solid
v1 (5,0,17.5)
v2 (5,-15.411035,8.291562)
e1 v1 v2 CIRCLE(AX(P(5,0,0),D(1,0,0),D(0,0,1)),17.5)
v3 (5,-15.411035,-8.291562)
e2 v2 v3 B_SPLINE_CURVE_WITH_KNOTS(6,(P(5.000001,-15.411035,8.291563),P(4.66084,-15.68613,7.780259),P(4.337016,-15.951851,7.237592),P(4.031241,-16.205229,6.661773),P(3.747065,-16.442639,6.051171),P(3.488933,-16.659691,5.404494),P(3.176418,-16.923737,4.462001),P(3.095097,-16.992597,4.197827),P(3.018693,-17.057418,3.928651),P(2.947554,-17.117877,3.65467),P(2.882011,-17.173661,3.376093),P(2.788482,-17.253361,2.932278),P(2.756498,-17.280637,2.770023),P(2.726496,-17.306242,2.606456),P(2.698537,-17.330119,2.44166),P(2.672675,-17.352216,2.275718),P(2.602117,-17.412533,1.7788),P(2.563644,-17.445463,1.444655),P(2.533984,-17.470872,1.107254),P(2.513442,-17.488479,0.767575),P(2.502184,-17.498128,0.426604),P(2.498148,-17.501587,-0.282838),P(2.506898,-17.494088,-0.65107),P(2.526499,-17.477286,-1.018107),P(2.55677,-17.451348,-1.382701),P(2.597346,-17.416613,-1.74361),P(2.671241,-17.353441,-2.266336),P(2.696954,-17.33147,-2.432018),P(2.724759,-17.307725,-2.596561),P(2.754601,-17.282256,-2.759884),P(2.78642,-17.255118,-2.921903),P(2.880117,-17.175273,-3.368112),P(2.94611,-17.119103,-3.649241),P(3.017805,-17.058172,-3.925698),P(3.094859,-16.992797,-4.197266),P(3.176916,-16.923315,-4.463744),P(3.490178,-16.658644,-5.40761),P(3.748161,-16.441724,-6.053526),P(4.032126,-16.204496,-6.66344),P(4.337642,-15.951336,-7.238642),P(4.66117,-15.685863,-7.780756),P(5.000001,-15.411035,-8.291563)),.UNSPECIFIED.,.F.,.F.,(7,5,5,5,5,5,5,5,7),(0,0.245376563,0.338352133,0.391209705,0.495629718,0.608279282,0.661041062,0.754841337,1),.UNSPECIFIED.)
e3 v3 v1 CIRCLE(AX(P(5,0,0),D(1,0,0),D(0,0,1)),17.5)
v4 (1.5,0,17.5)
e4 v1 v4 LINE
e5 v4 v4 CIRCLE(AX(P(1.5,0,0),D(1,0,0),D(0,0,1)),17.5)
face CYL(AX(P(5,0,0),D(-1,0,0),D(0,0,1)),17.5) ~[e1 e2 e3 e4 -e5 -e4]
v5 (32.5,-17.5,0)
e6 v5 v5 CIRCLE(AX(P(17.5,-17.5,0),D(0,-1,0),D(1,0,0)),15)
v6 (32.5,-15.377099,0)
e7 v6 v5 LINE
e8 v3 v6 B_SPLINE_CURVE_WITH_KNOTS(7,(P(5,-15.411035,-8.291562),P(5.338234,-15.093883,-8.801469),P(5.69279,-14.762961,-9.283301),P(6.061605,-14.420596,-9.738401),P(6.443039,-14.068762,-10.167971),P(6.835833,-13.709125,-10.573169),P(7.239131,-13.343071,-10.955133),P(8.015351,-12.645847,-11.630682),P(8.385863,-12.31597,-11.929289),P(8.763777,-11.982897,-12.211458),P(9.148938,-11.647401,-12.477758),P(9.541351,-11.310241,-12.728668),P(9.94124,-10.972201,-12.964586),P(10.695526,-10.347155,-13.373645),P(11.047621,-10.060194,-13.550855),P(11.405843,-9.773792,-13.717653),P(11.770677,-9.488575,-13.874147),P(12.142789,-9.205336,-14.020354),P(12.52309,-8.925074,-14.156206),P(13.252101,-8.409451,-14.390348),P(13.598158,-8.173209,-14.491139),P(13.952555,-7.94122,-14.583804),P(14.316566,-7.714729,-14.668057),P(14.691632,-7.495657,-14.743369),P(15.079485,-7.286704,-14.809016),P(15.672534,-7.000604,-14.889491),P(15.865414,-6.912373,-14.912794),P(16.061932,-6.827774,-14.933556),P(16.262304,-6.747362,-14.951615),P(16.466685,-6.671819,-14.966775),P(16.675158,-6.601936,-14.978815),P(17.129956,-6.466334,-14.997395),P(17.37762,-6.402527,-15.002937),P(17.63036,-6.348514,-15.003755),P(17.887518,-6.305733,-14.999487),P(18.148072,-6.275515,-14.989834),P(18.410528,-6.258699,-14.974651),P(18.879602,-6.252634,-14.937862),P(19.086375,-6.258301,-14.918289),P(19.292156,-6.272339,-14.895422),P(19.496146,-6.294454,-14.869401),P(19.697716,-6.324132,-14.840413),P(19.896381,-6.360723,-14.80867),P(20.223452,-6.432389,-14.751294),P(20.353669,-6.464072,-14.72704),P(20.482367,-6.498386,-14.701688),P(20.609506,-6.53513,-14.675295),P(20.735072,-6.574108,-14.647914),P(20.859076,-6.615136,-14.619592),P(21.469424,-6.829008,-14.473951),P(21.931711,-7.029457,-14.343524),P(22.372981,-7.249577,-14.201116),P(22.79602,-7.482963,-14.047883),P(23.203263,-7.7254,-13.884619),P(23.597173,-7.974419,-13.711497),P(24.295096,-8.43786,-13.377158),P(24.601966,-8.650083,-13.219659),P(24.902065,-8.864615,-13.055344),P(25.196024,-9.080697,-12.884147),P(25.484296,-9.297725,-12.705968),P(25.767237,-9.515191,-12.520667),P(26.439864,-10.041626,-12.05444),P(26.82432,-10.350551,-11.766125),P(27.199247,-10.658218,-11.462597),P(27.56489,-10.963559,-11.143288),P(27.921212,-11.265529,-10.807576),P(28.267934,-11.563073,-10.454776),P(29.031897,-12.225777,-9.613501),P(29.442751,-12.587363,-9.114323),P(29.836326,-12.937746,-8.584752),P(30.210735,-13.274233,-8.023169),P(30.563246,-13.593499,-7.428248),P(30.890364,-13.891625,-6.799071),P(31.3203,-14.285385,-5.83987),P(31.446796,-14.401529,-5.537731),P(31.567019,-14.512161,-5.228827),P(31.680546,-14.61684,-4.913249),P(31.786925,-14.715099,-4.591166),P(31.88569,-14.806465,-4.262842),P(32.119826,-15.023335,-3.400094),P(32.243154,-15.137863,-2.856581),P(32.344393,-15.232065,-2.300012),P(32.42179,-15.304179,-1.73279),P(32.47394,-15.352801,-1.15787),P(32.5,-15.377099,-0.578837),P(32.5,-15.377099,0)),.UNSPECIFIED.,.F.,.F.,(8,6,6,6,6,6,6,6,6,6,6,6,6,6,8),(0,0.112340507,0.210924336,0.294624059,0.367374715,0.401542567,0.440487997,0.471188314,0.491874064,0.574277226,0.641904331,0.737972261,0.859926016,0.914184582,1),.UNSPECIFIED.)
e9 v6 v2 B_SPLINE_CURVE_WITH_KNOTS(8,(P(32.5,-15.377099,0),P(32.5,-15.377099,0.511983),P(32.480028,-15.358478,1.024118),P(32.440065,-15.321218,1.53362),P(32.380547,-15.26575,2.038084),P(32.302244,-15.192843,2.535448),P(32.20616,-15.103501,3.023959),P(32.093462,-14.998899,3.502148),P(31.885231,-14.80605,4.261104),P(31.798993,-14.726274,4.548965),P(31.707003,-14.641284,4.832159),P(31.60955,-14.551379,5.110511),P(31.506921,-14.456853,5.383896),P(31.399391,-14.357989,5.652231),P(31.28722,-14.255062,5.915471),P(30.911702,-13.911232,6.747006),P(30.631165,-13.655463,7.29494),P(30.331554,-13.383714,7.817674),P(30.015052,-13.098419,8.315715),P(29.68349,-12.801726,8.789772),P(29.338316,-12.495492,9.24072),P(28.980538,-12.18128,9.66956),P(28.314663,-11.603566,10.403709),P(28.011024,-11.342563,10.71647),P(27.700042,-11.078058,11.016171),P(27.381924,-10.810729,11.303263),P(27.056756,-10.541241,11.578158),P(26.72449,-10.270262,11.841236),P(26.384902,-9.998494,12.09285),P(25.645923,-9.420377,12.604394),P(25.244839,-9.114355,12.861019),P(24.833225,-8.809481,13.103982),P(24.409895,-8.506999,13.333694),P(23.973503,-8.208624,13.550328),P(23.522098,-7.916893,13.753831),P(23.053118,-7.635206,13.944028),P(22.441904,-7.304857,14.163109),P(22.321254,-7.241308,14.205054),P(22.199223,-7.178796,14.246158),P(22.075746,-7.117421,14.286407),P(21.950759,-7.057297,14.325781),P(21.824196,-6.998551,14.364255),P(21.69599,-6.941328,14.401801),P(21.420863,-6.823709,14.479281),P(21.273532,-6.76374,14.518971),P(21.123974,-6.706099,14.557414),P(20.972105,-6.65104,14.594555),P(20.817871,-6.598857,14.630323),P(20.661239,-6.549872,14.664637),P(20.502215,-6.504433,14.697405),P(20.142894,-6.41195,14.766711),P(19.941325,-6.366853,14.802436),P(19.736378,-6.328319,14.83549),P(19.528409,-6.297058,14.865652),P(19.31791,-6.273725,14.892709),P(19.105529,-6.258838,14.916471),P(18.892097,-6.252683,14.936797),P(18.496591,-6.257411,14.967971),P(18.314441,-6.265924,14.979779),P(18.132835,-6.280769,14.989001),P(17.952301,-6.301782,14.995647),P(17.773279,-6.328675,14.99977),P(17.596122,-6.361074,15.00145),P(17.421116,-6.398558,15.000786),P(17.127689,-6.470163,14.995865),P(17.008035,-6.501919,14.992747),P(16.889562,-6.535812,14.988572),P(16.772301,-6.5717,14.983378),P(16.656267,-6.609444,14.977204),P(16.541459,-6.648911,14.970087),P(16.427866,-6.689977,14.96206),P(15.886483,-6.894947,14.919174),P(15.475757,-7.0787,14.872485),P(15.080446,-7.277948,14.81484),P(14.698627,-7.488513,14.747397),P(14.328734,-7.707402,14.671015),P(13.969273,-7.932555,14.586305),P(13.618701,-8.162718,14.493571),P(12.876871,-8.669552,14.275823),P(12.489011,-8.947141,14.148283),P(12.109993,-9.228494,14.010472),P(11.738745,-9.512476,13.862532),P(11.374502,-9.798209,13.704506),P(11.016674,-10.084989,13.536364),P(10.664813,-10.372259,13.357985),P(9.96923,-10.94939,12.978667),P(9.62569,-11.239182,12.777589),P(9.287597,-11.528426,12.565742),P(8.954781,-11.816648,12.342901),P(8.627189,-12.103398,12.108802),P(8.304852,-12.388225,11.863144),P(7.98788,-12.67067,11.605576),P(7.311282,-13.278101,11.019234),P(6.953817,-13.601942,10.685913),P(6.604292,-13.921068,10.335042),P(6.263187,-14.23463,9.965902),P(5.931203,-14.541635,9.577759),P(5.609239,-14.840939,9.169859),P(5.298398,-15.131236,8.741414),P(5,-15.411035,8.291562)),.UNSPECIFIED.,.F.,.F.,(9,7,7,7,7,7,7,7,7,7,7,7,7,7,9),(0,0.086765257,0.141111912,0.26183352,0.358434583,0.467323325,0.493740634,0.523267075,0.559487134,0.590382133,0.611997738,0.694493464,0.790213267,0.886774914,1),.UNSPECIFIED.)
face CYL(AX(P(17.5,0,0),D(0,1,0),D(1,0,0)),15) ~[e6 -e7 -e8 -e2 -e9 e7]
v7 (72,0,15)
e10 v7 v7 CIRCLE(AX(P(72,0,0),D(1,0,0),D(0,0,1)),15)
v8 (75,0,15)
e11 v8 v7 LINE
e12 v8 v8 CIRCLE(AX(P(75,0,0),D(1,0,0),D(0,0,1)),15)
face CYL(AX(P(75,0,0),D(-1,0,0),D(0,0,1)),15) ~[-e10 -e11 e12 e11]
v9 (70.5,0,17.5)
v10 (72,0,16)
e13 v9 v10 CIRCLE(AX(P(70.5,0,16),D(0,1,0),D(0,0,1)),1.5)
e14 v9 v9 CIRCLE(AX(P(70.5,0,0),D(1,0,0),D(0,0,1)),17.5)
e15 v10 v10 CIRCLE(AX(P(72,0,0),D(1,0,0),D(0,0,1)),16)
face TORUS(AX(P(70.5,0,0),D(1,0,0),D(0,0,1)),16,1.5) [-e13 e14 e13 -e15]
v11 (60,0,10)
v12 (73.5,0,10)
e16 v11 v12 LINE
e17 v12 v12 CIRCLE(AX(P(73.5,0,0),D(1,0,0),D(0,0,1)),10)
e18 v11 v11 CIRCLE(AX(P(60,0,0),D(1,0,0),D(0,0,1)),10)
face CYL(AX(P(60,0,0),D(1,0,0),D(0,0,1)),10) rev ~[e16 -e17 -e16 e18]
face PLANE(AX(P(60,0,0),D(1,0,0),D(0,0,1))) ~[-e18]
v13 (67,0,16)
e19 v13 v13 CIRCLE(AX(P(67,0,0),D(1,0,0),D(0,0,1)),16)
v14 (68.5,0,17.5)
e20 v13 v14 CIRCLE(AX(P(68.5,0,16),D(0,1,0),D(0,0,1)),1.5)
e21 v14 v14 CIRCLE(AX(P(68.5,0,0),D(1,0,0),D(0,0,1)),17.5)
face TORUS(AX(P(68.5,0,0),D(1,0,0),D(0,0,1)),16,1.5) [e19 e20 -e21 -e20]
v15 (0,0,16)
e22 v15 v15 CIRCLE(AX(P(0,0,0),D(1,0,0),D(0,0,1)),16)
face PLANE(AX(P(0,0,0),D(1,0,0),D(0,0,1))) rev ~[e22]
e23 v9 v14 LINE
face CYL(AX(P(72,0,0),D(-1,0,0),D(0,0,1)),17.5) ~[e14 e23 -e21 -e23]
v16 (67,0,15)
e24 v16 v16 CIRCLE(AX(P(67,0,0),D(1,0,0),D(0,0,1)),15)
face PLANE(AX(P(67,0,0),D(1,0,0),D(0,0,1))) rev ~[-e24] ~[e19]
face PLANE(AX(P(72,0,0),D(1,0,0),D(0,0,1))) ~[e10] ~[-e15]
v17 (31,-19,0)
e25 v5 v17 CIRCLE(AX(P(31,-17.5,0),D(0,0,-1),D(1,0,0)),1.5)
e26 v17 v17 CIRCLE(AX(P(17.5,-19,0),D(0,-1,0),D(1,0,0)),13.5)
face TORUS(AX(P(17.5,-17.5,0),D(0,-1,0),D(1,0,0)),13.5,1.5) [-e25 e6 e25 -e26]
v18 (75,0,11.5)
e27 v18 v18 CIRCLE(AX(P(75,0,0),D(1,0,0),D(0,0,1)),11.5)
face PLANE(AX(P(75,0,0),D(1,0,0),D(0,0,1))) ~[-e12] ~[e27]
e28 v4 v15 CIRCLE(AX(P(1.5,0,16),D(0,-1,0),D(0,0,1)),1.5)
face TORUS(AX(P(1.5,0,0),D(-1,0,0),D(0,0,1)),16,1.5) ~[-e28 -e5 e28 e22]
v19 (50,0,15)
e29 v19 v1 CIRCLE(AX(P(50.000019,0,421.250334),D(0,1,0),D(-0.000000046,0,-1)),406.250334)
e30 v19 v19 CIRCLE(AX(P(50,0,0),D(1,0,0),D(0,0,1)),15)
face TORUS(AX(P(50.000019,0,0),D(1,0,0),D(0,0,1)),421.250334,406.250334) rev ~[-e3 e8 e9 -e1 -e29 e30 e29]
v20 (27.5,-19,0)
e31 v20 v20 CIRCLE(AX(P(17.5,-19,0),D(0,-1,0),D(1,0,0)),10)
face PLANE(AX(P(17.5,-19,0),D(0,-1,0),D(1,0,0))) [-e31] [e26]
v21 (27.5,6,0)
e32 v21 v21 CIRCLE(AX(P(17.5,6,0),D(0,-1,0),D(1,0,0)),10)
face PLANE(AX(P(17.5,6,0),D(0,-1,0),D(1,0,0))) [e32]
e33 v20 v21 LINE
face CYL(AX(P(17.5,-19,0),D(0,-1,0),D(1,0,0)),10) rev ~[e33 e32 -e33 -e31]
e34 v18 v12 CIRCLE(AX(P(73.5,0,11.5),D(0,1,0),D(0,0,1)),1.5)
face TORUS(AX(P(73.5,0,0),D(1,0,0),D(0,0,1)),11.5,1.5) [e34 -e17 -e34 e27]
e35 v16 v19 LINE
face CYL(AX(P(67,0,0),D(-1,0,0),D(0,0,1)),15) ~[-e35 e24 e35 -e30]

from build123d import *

# Parameters (mm, degrees)
F2_R     = 15
F3_DEPTH = 19
F4_R     = 10
F5_DEPTH = 25
F6_R     = 1.5


with BuildPart() as f1:
    # F0 (on Front) → F1 (revolve)
    with BuildSketch(Plane.XZ):
        with BuildLine():
            Line((0, 17.5), (0, 0))
            Line((0, 0), (60, 0))
            Line((60, 0), (60, 10))
            Line((60, 10), (75, 10))
            Line((75, 10), (75, 15))
            Line((75, 15), (72, 15))
            Line((72, 15), (72, 17.5))
            Line((72, 17.5), (67, 17.5))
            Line((67, 17.5), (67, 15))
            Line((67, 15), (50, 15))
            ThreePointArc((50, 15), (27.465305, 15.625482), (5, 17.5))
            Line((5, 17.5), (0, 17.5))
        make_face()
    revolve(axis=Axis((30, 0, 0), (1, 0, 0)))

    # F2 (on Front) → F3 (join)
    with BuildSketch(Plane.XZ):
        with Locations((17.5, 0)):
            Circle(F2_R)
    extrude(amount=F3_DEPTH)

    # F4 (on face) → F5 (cut)
    with BuildSketch(Plane.XZ.offset(19)):
        with Locations((17.5, 0)):
            Circle(F4_R)
    extrude(amount=-F5_DEPTH, mode=Mode.SUBTRACT)

    # F6
    f6_edges = [f1.edges().sort_by_distance(p)[0] for p in [
        (0, 0, -17.5),
        (2.5, -19, 0),
        (67, 0, -17.5),
        (72, 0, -17.5),
        (75, 0, -10),
    ]]
    fillet(f6_edges, radius=F6_R)


solid = f1.part
